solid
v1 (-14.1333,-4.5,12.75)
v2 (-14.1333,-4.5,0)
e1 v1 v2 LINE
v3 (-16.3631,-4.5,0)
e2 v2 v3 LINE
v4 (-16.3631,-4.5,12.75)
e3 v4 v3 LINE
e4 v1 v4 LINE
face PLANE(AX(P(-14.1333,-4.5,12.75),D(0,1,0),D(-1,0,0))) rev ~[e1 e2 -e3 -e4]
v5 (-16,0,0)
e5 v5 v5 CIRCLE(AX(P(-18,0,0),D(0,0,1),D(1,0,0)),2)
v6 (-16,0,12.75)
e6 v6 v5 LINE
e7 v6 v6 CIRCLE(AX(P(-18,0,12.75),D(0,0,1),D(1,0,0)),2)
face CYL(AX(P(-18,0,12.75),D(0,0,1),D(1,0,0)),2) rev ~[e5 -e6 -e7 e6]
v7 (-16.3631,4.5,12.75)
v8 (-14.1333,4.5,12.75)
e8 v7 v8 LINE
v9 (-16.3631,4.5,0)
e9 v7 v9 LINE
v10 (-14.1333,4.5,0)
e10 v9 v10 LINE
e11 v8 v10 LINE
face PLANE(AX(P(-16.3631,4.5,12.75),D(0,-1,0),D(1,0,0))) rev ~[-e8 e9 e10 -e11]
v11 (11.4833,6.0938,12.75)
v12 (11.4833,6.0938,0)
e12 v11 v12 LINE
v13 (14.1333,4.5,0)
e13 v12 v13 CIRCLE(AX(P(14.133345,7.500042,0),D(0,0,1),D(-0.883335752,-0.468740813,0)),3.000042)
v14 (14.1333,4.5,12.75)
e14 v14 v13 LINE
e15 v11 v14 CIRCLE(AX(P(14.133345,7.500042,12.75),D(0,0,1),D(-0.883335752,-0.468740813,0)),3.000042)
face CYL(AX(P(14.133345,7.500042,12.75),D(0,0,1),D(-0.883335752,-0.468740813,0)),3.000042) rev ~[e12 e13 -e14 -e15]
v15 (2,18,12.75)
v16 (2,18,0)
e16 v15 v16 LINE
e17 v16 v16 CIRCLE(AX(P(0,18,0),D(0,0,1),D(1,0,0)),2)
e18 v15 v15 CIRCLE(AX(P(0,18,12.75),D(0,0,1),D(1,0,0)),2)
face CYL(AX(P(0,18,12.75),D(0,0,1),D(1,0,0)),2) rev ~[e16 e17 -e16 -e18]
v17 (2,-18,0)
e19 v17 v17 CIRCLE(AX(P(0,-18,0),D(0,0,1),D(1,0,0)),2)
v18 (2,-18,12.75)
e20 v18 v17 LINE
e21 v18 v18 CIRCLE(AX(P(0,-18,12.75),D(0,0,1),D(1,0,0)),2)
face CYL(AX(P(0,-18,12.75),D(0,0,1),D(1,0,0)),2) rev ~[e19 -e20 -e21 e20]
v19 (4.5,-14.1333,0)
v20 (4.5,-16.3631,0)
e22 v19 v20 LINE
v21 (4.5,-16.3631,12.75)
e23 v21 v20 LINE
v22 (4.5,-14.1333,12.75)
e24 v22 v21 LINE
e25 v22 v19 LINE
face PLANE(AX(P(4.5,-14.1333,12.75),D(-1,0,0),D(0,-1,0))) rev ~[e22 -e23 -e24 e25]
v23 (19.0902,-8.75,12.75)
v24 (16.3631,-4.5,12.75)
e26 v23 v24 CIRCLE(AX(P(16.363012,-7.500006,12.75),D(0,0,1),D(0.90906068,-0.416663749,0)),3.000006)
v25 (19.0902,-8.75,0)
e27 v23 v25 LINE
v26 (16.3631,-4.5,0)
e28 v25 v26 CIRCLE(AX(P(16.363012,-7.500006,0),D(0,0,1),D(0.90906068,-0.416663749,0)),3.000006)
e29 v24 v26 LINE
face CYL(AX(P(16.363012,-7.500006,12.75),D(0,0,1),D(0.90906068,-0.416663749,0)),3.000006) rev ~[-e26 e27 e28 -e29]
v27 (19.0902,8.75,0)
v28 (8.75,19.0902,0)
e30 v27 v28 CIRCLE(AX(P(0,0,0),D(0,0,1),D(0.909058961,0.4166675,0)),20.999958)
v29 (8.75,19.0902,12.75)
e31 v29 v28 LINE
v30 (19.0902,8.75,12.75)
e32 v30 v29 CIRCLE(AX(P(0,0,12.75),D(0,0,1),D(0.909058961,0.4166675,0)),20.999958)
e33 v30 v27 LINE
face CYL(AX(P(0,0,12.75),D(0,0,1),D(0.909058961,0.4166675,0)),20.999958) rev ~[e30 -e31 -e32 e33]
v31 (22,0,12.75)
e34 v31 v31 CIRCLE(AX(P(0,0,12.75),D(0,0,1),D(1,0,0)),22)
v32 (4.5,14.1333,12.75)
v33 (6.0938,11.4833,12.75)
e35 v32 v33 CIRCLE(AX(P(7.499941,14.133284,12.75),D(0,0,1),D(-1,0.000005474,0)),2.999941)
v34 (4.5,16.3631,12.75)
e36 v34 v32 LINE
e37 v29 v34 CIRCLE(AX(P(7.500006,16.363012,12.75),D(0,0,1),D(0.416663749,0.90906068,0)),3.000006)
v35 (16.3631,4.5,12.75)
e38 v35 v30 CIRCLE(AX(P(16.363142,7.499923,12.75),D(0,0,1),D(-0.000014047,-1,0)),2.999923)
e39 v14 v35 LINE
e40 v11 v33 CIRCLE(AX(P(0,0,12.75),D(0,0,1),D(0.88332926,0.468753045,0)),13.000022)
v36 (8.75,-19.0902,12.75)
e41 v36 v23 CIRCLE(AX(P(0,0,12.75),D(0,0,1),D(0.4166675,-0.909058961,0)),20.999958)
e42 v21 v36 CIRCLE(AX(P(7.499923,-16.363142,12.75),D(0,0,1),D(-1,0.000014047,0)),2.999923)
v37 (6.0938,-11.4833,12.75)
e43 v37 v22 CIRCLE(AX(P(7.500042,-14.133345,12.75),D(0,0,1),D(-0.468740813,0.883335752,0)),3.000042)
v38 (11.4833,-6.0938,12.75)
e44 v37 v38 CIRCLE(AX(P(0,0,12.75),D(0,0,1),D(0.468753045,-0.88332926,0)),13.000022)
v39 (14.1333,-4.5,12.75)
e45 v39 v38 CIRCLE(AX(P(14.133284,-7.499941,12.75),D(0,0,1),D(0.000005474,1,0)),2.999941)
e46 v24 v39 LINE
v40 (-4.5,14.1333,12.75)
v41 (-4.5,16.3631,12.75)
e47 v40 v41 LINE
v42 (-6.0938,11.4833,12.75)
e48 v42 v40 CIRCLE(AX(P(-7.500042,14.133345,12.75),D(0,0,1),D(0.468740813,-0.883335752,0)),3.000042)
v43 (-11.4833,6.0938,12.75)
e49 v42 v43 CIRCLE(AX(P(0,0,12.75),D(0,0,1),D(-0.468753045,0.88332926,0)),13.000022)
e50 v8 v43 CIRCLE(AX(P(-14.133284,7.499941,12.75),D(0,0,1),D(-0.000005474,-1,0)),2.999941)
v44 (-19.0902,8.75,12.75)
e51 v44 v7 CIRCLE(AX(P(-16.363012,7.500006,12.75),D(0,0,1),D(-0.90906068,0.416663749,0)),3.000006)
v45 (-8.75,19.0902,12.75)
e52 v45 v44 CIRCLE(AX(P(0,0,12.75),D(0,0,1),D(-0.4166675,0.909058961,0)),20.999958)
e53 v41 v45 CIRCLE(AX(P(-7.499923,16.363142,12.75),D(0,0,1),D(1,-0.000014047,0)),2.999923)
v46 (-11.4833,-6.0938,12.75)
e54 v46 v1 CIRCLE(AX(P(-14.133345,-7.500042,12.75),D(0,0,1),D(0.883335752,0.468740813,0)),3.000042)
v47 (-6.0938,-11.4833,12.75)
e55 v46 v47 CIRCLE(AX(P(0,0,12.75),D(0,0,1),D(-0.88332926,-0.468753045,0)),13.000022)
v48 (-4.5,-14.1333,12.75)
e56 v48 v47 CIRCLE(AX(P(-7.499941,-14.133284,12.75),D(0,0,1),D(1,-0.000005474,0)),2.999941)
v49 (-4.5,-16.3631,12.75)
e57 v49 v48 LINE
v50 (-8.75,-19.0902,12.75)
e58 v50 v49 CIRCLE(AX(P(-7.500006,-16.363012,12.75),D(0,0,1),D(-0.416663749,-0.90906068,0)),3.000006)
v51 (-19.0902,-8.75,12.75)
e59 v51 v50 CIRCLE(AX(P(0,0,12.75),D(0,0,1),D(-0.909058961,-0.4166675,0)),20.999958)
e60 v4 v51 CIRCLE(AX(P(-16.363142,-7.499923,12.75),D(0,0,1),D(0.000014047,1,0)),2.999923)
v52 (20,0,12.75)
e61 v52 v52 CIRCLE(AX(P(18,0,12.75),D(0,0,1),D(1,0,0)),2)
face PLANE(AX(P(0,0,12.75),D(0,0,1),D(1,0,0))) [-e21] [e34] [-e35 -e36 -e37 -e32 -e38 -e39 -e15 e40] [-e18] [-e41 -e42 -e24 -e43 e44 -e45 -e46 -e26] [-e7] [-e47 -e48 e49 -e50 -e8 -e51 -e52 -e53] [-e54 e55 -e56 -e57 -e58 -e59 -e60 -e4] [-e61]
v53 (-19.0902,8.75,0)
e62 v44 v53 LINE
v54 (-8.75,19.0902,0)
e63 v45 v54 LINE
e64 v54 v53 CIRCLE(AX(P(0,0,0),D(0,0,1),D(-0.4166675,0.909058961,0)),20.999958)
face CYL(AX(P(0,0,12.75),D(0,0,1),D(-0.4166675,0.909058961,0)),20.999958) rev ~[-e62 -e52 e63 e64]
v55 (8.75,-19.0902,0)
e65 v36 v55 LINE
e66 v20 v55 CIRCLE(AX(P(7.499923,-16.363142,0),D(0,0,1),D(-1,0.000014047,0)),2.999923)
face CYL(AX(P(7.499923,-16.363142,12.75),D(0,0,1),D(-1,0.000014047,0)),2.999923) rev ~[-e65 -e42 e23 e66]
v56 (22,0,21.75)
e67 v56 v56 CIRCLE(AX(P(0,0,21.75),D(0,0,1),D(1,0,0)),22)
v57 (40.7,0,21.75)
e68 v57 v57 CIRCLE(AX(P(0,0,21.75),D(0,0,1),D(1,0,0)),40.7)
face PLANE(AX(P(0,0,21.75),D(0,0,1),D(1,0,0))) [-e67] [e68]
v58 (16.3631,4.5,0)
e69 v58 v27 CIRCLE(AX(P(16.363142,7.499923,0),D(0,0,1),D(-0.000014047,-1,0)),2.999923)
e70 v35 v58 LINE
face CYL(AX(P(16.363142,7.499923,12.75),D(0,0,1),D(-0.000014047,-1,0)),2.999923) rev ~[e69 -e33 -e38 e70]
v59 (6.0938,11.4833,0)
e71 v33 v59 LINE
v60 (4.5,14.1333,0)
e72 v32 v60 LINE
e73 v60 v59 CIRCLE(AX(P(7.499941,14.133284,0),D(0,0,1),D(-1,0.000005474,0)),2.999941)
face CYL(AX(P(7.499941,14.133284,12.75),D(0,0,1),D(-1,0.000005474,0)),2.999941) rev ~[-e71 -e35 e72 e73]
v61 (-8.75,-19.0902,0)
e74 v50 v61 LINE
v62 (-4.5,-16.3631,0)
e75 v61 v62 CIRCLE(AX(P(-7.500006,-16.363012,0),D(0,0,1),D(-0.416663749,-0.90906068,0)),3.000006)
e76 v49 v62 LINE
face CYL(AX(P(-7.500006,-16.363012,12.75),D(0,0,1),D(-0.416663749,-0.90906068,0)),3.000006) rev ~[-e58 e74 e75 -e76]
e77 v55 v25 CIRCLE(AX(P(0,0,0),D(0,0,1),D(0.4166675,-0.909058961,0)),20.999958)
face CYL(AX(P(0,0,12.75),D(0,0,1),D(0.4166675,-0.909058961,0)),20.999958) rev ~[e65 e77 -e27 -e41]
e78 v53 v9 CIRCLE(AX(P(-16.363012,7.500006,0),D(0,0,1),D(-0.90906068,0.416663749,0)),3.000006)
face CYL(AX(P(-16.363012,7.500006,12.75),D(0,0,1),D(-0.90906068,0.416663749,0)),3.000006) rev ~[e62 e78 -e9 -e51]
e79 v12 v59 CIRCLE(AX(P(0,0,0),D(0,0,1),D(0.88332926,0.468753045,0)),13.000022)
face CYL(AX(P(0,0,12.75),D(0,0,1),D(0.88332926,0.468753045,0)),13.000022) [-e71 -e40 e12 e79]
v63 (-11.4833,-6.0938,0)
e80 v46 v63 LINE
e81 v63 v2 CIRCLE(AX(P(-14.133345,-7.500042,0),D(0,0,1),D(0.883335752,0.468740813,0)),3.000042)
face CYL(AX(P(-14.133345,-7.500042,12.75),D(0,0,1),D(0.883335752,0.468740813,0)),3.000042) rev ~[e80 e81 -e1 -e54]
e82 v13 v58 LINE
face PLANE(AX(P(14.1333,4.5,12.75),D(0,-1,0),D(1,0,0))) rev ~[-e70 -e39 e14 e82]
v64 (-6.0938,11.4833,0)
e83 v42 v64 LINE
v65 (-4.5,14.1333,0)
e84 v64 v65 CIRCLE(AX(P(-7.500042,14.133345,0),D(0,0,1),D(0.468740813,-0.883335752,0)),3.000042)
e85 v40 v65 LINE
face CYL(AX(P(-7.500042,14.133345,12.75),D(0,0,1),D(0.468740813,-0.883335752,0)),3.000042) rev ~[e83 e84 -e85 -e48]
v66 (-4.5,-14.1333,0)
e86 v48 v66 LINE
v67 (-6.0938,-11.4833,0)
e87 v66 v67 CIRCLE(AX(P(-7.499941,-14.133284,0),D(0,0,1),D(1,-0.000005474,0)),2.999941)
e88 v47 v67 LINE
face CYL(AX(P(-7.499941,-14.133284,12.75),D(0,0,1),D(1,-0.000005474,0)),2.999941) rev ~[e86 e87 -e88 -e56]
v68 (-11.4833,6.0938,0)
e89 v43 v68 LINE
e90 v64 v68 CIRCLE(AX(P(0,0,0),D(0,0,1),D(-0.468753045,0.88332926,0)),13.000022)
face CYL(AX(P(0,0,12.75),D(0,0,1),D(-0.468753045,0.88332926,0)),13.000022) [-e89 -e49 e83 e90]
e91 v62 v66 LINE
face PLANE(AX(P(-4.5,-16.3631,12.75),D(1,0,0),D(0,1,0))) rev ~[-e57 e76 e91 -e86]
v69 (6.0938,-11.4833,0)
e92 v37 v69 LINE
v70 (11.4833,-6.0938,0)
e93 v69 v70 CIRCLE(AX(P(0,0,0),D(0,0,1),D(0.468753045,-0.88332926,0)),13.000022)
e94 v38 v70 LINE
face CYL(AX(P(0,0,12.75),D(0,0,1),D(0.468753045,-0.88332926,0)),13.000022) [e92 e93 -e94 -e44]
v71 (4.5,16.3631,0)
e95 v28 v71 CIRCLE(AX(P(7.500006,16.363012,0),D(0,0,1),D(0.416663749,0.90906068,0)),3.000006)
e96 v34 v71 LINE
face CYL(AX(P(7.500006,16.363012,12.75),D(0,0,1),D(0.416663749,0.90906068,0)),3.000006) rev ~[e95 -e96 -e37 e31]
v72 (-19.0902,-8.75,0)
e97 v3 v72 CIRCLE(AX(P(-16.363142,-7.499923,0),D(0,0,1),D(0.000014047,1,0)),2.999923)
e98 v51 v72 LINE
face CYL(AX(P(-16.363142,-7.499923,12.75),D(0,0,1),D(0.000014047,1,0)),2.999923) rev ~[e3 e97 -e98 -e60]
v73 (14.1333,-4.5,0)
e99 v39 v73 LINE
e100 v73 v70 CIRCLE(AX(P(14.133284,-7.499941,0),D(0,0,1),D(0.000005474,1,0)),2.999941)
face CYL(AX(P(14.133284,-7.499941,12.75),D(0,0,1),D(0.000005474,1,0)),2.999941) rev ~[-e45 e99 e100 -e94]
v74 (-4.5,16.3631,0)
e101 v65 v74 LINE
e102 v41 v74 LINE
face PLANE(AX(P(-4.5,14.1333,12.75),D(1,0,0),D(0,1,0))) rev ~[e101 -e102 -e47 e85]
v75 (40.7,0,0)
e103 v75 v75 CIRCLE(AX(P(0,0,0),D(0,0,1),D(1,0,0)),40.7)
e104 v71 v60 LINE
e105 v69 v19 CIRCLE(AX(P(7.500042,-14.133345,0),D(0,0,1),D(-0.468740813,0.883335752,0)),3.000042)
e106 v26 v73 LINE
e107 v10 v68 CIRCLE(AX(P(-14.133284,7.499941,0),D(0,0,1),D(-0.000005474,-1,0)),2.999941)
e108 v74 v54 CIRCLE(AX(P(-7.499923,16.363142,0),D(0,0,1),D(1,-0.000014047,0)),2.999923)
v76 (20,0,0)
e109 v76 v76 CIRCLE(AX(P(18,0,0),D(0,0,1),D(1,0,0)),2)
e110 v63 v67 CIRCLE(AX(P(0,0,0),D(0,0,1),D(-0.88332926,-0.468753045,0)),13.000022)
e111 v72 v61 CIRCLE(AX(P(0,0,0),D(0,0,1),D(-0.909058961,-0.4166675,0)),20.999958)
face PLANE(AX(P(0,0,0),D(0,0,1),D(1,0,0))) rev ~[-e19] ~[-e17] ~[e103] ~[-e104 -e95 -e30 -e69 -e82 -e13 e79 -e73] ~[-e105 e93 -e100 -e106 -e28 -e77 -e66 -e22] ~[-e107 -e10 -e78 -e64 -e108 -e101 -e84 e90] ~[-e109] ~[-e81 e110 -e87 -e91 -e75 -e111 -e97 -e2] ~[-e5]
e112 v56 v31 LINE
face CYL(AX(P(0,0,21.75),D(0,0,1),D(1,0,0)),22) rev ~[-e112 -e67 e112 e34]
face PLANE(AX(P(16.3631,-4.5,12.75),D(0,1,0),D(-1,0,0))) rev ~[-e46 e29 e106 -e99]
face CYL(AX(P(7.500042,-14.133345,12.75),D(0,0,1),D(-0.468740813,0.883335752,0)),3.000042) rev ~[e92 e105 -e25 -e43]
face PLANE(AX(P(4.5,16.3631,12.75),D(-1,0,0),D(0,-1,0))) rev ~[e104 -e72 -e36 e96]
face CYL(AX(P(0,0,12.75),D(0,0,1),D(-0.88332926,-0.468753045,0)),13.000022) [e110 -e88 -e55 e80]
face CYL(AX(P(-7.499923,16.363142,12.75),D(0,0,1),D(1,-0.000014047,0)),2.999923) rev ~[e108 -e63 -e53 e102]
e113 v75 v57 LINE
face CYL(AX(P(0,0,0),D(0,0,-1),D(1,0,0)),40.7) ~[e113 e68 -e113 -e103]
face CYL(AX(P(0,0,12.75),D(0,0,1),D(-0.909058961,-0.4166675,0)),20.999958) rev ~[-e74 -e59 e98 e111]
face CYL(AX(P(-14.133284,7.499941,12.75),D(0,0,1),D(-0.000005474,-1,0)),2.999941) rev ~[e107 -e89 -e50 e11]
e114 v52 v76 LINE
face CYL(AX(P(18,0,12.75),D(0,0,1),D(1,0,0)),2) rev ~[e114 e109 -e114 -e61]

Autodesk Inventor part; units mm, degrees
sketch "Sketch1" plane through (0, 0, 0) normal (0, 0, 1) x (1, 0, 0)
  circle A0 centre (0, 0) radius 40.7
  dimension "d0" = 81.4
extrude "Extrusion1" add sketch "Sketch1" along normal blind 21.75
sketch "Sketch2" plane through (0, 0, 21.75) normal (0, 0, 1) x (1, 0, 0)
  circle A0 centre (0, 0) radius 22
  dimension "d3" = 44
extrude "Extrusion2" cut sketch "Sketch2" against normal blind 9
sketch "Sketch3" plane through (0, 0, 12.75) normal (0, 0, 1) x (1, 0, 0)
  circle A0 centre (0, 18) radius 2
  circle A1 centre (-18, 0) radius 2
  circle A2 centre (0, -18) radius 2
  circle A3 centre (18, 0) radius 2
  point P0 (0, 0)
  dimension "d6" = 4
  dimension "d7" = 18
  dimension "d10" = 360
extrude "Extrusion3" cut sketch "Sketch3" against normal blind 12.75
sketch "Sketch4" plane through (0, 0, 12.75) normal (0, 0, 1) x (1, 0, 0)
  arc A0 (-4.5165, 17.448) -> (-8.8542, 19.2414) centre (-7.5165, 16.3345) ccw
  arc A1 (-8.8542, 19.2414) -> (-19.0977, 9.16) centre (0, 0) ccw
  arc A2 (-14.1333, 4.5) -> (-11.4833, 6.0938) centre (-14.1333, 7.5) ccw
  line L0 (-4.5, 14.1333) -> (-4.5, 16.3631)
  arc A3 (-4.5, 16.3631) -> (-8.75, 19.0902) centre (-7.5, 16.3631) ccw
  arc A4 (-6.0938, 11.4833) -> (-4.5, 14.1333) centre (-7.5, 14.1333) ccw
  arc A5 (-6.0938, 11.4833) -> (-11.4833, 6.0938) centre (0, 0) ccw
  arc A6 (-8.8542, 19.2414) -> (-19.2547, 8.8254) centre (0, 0) ccw
  arc A7 (-8.75, 19.0902) -> (-19.0902, 8.75) centre (0, 0) ccw
  arc A8 (-19.0902, 8.75) -> (-16.3631, 4.5) centre (-16.3631, 7.5) ccw
  line L1 (-16.3631, 4.5) -> (-14.1333, 4.5)
  arc A9 (-11.4833, -6.0938) -> (-14.1333, -4.5) centre (-14.1333, -7.5) ccw
  arc A10 (-4.5, -14.1333) -> (-6.0938, -11.4833) centre (-7.5, -14.1333) ccw
  arc A11 (-11.4833, -6.0938) -> (-6.0938, -11.4833) centre (0, 0) ccw
  line L2 (-14.1333, -4.5) -> (-16.3631, -4.5)
  line L3 (-4.5, -16.3631) -> (-4.5, -14.1333)
  arc A12 (-16.3631, -4.5) -> (-19.0902, -8.75) centre (-16.3631, -7.5) ccw
  arc A13 (-17.448, -4.5165) -> (-19.2414, -8.8542) centre (-16.3345, -7.5165) ccw
  arc A14 (-8.75, -19.0902) -> (-4.5, -16.3631) centre (-7.5, -16.3631) ccw
  arc A15 (-19.0902, -8.75) -> (-8.75, -19.0902) centre (0, 0) ccw
  arc A16 (-19.2414, -8.8542) -> (-9.16, -19.0977) centre (0, 0) ccw
  arc A17 (-19.2414, -8.8542) -> (-8.8254, -19.2547) centre (0, 0) ccw
  arc A18 (6.0938, -11.4833) -> (4.5, -14.1333) centre (7.5, -14.1333) ccw
  arc A19 (14.1333, -4.5) -> (11.4833, -6.0938) centre (14.1333, -7.5) ccw
  arc A20 (6.0938, -11.4833) -> (11.4833, -6.0938) centre (0, 0) ccw
  line L4 (4.5, -14.1333) -> (4.5, -16.3631)
  line L5 (16.3631, -4.5) -> (14.1333, -4.5)
  arc A21 (4.5, -16.3631) -> (8.75, -19.0902) centre (7.5, -16.3631) ccw
  arc A22 (4.5165, -17.448) -> (8.8542, -19.2414) centre (7.5165, -16.3345) ccw
  arc A23 (19.0902, -8.75) -> (16.3631, -4.5) centre (16.3631, -7.5) ccw
  arc A24 (8.75, -19.0902) -> (19.0902, -8.75) centre (0, 0) ccw
  arc A25 (8.8542, -19.2414) -> (19.0977, -9.16) centre (0, 0) ccw
  arc A26 (8.8542, -19.2414) -> (19.2547, -8.8254) centre (0, 0) ccw
  arc A27 (11.4833, 6.0938) -> (14.1333, 4.5) centre (14.1333, 7.5) ccw
  arc A28 (4.5, 14.1333) -> (6.0938, 11.4833) centre (7.5, 14.1333) ccw
  arc A29 (11.4833, 6.0938) -> (6.0938, 11.4833) centre (0, 0) ccw
  line L6 (14.1333, 4.5) -> (16.3631, 4.5)
  line L7 (4.5, 16.3631) -> (4.5, 14.1333)
  arc A30 (16.3631, 4.5) -> (19.0902, 8.75) centre (16.3631, 7.5) ccw
  arc A31 (17.448, 4.5165) -> (19.2414, 8.8542) centre (16.3345, 7.5165) ccw
  arc A32 (8.75, 19.0902) -> (4.5, 16.3631) centre (7.5, 16.3631) ccw
  arc A33 (19.0902, 8.75) -> (8.75, 19.0902) centre (0, 0) ccw
  arc A34 (19.2414, 8.8542) -> (9.16, 19.0977) centre (0, 0) ccw
  arc A35 (19.2414, 8.8542) -> (8.8254, 19.2547) centre (0, 0) ccw
  point P0 (41.0732, 32.7294)
  point P1 (-17.4931, 4.4714)
  point P2 (-16.3796, 7.4714)
  point P3 (-7.4714, -16.3796)
  point P4 (-4.4714, -17.4931)
  point P5 (16.3796, -7.4714)
  point P6 (17.4931, -4.4714)
  point P7 (7.4714, 16.3796)
  point P8 (4.4714, 17.4931)
  dimension "d16" = 360
extrude "Extrusion4" cut sketch "Sketch4" against normal blind 12.75
ref_plane "Work Plane1" through (40.7, 0, 0) normal (1, 0, 0) x (0, 1, 0)
properties part number "MotorHousing" material "Plastic, Opaque White"
